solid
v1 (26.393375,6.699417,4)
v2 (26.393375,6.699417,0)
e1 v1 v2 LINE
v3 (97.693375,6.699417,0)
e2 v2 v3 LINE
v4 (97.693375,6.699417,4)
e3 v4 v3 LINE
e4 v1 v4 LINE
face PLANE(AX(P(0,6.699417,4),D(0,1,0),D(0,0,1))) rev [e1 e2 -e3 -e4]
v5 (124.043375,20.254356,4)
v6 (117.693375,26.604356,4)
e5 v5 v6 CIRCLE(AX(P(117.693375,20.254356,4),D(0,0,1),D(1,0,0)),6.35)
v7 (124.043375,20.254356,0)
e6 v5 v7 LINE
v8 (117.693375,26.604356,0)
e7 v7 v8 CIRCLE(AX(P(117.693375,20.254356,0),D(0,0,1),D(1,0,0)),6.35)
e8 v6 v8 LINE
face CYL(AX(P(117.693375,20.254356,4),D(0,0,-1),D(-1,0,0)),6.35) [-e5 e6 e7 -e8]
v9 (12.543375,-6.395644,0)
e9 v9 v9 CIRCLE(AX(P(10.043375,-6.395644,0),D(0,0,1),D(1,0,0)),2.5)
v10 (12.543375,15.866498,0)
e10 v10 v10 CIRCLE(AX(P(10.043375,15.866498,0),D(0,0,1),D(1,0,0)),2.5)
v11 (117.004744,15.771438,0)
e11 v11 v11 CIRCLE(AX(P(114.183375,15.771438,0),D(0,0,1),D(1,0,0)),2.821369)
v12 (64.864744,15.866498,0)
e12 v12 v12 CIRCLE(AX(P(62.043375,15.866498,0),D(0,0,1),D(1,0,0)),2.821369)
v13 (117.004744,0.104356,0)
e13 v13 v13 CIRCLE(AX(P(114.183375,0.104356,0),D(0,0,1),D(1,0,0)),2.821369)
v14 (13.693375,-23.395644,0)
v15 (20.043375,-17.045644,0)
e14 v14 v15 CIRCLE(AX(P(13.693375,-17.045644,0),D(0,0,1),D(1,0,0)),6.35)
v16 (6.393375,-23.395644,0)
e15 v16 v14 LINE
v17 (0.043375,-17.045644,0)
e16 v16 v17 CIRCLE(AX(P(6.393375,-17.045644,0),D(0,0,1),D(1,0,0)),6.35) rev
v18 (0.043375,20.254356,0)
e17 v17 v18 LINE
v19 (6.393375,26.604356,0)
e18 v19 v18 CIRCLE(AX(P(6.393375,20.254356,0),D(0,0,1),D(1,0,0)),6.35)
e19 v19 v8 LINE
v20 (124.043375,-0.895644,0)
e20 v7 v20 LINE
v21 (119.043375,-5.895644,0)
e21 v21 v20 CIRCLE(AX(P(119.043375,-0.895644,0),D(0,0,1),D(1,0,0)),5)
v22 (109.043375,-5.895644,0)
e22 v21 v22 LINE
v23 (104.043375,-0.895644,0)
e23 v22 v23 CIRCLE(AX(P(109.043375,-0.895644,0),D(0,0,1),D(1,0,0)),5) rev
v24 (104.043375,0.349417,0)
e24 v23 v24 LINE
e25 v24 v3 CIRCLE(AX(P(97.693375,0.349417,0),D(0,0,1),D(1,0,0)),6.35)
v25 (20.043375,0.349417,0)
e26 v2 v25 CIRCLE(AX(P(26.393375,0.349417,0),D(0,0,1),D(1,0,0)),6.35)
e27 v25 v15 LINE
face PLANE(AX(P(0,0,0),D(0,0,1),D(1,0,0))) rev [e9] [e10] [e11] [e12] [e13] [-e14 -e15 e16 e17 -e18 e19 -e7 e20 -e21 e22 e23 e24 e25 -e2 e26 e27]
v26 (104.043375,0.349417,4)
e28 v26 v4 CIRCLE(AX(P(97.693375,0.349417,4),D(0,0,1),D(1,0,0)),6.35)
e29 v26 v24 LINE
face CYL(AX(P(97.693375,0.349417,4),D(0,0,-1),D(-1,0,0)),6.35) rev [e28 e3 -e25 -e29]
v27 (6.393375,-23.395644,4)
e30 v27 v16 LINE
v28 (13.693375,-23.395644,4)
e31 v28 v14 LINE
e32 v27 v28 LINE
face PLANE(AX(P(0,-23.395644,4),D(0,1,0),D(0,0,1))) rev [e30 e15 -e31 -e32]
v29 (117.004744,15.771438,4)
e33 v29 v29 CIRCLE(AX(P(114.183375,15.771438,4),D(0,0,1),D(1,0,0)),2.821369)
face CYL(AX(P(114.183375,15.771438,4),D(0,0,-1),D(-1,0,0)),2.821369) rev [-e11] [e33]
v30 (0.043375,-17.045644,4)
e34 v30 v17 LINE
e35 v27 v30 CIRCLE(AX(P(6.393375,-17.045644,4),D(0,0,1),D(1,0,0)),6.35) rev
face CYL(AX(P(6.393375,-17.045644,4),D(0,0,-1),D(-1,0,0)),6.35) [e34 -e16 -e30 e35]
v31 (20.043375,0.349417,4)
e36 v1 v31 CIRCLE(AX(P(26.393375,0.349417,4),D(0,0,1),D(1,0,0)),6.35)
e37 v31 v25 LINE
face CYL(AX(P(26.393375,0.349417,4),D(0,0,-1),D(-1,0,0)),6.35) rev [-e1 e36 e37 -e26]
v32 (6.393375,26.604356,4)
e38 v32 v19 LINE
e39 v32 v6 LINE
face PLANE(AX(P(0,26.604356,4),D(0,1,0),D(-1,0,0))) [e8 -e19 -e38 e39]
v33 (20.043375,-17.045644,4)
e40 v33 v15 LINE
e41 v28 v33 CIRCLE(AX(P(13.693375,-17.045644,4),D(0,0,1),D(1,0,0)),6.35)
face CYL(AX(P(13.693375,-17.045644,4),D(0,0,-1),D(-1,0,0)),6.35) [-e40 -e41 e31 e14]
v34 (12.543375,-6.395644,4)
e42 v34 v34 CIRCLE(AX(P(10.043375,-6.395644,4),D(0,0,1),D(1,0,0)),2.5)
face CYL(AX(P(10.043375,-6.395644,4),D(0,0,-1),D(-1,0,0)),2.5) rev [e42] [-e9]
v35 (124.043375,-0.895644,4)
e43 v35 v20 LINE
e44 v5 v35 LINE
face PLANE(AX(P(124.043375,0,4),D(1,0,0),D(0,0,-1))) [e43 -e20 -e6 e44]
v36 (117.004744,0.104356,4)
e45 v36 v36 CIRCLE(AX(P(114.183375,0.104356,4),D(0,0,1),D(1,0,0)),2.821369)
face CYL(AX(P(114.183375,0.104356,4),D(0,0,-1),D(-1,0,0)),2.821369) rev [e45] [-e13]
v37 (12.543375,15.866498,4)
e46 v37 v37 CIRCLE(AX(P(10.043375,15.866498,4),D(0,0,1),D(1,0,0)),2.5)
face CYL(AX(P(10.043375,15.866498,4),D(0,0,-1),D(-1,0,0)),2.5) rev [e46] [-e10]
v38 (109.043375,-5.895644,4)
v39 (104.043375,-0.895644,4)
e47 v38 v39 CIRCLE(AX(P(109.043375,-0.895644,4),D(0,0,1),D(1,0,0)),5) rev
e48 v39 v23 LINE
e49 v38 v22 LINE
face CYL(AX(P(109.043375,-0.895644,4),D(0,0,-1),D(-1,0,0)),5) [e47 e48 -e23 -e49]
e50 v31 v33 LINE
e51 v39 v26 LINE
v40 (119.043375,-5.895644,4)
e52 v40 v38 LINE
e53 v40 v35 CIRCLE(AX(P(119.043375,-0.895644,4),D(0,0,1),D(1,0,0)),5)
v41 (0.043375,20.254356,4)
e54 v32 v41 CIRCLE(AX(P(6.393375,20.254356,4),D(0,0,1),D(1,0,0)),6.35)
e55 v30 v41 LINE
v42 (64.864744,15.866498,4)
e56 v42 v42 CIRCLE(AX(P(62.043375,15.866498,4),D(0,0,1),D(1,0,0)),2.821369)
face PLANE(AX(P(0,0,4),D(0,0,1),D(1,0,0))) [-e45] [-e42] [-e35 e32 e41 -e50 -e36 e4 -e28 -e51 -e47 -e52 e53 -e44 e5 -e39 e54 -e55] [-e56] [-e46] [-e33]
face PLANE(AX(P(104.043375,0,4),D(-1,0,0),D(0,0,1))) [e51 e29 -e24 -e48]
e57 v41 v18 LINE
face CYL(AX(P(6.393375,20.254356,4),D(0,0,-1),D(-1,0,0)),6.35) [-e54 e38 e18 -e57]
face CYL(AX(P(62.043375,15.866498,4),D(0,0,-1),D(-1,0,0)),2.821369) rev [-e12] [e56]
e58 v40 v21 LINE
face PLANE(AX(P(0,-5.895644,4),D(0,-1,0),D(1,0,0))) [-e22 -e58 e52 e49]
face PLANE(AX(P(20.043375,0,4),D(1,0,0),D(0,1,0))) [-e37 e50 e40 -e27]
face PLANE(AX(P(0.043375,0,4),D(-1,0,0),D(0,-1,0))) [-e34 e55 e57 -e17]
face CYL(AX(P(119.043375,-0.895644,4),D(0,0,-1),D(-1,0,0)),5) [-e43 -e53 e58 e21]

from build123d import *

# Parameters (mm, degrees)
CROQUIS1_R              = 2.5
CROQUIS1_R_2            = 2.821368504
SALIENTE_EXTRUIR1_DEPTH = 4


with BuildPart() as part:
    # Croquis1 → Saliente-Extruir1 (new body)
    with BuildSketch(Plane.XY):
        with BuildLine():
            Line((26.393375205, 6.699416954), (97.693375205, 6.699416954))
            ThreePointArc((97.693375205, 6.699416954), (102.183503265, 4.839545014), (104.043375205, 0.349416954))
            Line((104.043375205, 0.349416954), (104.043375205, -0.895643676))
            ThreePointArc((104.043375205, -0.895643676), (105.507841299, -4.431177582), (109.043375205, -5.895643676))
            Line((109.043375205, -5.895643676), (119.043375205, -5.895643676))
            ThreePointArc((119.043375205, -5.895643676), (122.578909111, -4.431177582), (124.043375205, -0.895643676))
            Line((124.043375205, -0.895643676), (124.043375205, 6.604356324))
            Line((124.043375205, 6.604356324), (124.043375205, 20.254356324))
            ThreePointArc((124.043375205, 20.254356324), (122.183503265, 24.744484385), (117.693375205, 26.604356324))
            Line((117.693375205, 26.604356324), (6.393375205, 26.604356324))
            ThreePointArc((6.393375205, 26.604356324), (1.903247144, 24.744484385), (0.043375205, 20.254356324))
            Line((0.043375205, 20.254356324), (0.043375205, 6.604356324))
            Line((0.043375205, 6.604356324), (0.043375205, -17.045643676))
            ThreePointArc((0.043375205, -17.045643676), (1.903247144, -21.535771736), (6.393375205, -23.395643676))
            Line((6.393375205, -23.395643676), (13.693375205, -23.395643676))
            ThreePointArc((13.693375205, -23.395643676), (18.183503265, -21.535771736), (20.043375205, -17.045643676))
            Line((20.043375205, -17.045643676), (20.043375205, 0.349416954))
            ThreePointArc((20.043375205, 0.349416954), (21.903247144, 4.839545014), (26.393375205, 6.699416954))
        make_face()
        with Locations((10.043375205, 15.866498333)):
            Circle(CROQUIS1_R, mode=Mode.SUBTRACT)
        with Locations((114.183375205, 15.771437703)):
            Circle(CROQUIS1_R_2, mode=Mode.SUBTRACT)
        with Locations((10.043375205, -6.395643676)):
            Circle(CROQUIS1_R, mode=Mode.SUBTRACT)
        with Locations((62.043375205, 15.866498333)):
            Circle(CROQUIS1_R_2, mode=Mode.SUBTRACT)
        with Locations((114.183375205, 0.104356324)):
            Circle(CROQUIS1_R_2, mode=Mode.SUBTRACT)
    extrude(amount=SALIENTE_EXTRUIR1_DEPTH)


solid = part.part
